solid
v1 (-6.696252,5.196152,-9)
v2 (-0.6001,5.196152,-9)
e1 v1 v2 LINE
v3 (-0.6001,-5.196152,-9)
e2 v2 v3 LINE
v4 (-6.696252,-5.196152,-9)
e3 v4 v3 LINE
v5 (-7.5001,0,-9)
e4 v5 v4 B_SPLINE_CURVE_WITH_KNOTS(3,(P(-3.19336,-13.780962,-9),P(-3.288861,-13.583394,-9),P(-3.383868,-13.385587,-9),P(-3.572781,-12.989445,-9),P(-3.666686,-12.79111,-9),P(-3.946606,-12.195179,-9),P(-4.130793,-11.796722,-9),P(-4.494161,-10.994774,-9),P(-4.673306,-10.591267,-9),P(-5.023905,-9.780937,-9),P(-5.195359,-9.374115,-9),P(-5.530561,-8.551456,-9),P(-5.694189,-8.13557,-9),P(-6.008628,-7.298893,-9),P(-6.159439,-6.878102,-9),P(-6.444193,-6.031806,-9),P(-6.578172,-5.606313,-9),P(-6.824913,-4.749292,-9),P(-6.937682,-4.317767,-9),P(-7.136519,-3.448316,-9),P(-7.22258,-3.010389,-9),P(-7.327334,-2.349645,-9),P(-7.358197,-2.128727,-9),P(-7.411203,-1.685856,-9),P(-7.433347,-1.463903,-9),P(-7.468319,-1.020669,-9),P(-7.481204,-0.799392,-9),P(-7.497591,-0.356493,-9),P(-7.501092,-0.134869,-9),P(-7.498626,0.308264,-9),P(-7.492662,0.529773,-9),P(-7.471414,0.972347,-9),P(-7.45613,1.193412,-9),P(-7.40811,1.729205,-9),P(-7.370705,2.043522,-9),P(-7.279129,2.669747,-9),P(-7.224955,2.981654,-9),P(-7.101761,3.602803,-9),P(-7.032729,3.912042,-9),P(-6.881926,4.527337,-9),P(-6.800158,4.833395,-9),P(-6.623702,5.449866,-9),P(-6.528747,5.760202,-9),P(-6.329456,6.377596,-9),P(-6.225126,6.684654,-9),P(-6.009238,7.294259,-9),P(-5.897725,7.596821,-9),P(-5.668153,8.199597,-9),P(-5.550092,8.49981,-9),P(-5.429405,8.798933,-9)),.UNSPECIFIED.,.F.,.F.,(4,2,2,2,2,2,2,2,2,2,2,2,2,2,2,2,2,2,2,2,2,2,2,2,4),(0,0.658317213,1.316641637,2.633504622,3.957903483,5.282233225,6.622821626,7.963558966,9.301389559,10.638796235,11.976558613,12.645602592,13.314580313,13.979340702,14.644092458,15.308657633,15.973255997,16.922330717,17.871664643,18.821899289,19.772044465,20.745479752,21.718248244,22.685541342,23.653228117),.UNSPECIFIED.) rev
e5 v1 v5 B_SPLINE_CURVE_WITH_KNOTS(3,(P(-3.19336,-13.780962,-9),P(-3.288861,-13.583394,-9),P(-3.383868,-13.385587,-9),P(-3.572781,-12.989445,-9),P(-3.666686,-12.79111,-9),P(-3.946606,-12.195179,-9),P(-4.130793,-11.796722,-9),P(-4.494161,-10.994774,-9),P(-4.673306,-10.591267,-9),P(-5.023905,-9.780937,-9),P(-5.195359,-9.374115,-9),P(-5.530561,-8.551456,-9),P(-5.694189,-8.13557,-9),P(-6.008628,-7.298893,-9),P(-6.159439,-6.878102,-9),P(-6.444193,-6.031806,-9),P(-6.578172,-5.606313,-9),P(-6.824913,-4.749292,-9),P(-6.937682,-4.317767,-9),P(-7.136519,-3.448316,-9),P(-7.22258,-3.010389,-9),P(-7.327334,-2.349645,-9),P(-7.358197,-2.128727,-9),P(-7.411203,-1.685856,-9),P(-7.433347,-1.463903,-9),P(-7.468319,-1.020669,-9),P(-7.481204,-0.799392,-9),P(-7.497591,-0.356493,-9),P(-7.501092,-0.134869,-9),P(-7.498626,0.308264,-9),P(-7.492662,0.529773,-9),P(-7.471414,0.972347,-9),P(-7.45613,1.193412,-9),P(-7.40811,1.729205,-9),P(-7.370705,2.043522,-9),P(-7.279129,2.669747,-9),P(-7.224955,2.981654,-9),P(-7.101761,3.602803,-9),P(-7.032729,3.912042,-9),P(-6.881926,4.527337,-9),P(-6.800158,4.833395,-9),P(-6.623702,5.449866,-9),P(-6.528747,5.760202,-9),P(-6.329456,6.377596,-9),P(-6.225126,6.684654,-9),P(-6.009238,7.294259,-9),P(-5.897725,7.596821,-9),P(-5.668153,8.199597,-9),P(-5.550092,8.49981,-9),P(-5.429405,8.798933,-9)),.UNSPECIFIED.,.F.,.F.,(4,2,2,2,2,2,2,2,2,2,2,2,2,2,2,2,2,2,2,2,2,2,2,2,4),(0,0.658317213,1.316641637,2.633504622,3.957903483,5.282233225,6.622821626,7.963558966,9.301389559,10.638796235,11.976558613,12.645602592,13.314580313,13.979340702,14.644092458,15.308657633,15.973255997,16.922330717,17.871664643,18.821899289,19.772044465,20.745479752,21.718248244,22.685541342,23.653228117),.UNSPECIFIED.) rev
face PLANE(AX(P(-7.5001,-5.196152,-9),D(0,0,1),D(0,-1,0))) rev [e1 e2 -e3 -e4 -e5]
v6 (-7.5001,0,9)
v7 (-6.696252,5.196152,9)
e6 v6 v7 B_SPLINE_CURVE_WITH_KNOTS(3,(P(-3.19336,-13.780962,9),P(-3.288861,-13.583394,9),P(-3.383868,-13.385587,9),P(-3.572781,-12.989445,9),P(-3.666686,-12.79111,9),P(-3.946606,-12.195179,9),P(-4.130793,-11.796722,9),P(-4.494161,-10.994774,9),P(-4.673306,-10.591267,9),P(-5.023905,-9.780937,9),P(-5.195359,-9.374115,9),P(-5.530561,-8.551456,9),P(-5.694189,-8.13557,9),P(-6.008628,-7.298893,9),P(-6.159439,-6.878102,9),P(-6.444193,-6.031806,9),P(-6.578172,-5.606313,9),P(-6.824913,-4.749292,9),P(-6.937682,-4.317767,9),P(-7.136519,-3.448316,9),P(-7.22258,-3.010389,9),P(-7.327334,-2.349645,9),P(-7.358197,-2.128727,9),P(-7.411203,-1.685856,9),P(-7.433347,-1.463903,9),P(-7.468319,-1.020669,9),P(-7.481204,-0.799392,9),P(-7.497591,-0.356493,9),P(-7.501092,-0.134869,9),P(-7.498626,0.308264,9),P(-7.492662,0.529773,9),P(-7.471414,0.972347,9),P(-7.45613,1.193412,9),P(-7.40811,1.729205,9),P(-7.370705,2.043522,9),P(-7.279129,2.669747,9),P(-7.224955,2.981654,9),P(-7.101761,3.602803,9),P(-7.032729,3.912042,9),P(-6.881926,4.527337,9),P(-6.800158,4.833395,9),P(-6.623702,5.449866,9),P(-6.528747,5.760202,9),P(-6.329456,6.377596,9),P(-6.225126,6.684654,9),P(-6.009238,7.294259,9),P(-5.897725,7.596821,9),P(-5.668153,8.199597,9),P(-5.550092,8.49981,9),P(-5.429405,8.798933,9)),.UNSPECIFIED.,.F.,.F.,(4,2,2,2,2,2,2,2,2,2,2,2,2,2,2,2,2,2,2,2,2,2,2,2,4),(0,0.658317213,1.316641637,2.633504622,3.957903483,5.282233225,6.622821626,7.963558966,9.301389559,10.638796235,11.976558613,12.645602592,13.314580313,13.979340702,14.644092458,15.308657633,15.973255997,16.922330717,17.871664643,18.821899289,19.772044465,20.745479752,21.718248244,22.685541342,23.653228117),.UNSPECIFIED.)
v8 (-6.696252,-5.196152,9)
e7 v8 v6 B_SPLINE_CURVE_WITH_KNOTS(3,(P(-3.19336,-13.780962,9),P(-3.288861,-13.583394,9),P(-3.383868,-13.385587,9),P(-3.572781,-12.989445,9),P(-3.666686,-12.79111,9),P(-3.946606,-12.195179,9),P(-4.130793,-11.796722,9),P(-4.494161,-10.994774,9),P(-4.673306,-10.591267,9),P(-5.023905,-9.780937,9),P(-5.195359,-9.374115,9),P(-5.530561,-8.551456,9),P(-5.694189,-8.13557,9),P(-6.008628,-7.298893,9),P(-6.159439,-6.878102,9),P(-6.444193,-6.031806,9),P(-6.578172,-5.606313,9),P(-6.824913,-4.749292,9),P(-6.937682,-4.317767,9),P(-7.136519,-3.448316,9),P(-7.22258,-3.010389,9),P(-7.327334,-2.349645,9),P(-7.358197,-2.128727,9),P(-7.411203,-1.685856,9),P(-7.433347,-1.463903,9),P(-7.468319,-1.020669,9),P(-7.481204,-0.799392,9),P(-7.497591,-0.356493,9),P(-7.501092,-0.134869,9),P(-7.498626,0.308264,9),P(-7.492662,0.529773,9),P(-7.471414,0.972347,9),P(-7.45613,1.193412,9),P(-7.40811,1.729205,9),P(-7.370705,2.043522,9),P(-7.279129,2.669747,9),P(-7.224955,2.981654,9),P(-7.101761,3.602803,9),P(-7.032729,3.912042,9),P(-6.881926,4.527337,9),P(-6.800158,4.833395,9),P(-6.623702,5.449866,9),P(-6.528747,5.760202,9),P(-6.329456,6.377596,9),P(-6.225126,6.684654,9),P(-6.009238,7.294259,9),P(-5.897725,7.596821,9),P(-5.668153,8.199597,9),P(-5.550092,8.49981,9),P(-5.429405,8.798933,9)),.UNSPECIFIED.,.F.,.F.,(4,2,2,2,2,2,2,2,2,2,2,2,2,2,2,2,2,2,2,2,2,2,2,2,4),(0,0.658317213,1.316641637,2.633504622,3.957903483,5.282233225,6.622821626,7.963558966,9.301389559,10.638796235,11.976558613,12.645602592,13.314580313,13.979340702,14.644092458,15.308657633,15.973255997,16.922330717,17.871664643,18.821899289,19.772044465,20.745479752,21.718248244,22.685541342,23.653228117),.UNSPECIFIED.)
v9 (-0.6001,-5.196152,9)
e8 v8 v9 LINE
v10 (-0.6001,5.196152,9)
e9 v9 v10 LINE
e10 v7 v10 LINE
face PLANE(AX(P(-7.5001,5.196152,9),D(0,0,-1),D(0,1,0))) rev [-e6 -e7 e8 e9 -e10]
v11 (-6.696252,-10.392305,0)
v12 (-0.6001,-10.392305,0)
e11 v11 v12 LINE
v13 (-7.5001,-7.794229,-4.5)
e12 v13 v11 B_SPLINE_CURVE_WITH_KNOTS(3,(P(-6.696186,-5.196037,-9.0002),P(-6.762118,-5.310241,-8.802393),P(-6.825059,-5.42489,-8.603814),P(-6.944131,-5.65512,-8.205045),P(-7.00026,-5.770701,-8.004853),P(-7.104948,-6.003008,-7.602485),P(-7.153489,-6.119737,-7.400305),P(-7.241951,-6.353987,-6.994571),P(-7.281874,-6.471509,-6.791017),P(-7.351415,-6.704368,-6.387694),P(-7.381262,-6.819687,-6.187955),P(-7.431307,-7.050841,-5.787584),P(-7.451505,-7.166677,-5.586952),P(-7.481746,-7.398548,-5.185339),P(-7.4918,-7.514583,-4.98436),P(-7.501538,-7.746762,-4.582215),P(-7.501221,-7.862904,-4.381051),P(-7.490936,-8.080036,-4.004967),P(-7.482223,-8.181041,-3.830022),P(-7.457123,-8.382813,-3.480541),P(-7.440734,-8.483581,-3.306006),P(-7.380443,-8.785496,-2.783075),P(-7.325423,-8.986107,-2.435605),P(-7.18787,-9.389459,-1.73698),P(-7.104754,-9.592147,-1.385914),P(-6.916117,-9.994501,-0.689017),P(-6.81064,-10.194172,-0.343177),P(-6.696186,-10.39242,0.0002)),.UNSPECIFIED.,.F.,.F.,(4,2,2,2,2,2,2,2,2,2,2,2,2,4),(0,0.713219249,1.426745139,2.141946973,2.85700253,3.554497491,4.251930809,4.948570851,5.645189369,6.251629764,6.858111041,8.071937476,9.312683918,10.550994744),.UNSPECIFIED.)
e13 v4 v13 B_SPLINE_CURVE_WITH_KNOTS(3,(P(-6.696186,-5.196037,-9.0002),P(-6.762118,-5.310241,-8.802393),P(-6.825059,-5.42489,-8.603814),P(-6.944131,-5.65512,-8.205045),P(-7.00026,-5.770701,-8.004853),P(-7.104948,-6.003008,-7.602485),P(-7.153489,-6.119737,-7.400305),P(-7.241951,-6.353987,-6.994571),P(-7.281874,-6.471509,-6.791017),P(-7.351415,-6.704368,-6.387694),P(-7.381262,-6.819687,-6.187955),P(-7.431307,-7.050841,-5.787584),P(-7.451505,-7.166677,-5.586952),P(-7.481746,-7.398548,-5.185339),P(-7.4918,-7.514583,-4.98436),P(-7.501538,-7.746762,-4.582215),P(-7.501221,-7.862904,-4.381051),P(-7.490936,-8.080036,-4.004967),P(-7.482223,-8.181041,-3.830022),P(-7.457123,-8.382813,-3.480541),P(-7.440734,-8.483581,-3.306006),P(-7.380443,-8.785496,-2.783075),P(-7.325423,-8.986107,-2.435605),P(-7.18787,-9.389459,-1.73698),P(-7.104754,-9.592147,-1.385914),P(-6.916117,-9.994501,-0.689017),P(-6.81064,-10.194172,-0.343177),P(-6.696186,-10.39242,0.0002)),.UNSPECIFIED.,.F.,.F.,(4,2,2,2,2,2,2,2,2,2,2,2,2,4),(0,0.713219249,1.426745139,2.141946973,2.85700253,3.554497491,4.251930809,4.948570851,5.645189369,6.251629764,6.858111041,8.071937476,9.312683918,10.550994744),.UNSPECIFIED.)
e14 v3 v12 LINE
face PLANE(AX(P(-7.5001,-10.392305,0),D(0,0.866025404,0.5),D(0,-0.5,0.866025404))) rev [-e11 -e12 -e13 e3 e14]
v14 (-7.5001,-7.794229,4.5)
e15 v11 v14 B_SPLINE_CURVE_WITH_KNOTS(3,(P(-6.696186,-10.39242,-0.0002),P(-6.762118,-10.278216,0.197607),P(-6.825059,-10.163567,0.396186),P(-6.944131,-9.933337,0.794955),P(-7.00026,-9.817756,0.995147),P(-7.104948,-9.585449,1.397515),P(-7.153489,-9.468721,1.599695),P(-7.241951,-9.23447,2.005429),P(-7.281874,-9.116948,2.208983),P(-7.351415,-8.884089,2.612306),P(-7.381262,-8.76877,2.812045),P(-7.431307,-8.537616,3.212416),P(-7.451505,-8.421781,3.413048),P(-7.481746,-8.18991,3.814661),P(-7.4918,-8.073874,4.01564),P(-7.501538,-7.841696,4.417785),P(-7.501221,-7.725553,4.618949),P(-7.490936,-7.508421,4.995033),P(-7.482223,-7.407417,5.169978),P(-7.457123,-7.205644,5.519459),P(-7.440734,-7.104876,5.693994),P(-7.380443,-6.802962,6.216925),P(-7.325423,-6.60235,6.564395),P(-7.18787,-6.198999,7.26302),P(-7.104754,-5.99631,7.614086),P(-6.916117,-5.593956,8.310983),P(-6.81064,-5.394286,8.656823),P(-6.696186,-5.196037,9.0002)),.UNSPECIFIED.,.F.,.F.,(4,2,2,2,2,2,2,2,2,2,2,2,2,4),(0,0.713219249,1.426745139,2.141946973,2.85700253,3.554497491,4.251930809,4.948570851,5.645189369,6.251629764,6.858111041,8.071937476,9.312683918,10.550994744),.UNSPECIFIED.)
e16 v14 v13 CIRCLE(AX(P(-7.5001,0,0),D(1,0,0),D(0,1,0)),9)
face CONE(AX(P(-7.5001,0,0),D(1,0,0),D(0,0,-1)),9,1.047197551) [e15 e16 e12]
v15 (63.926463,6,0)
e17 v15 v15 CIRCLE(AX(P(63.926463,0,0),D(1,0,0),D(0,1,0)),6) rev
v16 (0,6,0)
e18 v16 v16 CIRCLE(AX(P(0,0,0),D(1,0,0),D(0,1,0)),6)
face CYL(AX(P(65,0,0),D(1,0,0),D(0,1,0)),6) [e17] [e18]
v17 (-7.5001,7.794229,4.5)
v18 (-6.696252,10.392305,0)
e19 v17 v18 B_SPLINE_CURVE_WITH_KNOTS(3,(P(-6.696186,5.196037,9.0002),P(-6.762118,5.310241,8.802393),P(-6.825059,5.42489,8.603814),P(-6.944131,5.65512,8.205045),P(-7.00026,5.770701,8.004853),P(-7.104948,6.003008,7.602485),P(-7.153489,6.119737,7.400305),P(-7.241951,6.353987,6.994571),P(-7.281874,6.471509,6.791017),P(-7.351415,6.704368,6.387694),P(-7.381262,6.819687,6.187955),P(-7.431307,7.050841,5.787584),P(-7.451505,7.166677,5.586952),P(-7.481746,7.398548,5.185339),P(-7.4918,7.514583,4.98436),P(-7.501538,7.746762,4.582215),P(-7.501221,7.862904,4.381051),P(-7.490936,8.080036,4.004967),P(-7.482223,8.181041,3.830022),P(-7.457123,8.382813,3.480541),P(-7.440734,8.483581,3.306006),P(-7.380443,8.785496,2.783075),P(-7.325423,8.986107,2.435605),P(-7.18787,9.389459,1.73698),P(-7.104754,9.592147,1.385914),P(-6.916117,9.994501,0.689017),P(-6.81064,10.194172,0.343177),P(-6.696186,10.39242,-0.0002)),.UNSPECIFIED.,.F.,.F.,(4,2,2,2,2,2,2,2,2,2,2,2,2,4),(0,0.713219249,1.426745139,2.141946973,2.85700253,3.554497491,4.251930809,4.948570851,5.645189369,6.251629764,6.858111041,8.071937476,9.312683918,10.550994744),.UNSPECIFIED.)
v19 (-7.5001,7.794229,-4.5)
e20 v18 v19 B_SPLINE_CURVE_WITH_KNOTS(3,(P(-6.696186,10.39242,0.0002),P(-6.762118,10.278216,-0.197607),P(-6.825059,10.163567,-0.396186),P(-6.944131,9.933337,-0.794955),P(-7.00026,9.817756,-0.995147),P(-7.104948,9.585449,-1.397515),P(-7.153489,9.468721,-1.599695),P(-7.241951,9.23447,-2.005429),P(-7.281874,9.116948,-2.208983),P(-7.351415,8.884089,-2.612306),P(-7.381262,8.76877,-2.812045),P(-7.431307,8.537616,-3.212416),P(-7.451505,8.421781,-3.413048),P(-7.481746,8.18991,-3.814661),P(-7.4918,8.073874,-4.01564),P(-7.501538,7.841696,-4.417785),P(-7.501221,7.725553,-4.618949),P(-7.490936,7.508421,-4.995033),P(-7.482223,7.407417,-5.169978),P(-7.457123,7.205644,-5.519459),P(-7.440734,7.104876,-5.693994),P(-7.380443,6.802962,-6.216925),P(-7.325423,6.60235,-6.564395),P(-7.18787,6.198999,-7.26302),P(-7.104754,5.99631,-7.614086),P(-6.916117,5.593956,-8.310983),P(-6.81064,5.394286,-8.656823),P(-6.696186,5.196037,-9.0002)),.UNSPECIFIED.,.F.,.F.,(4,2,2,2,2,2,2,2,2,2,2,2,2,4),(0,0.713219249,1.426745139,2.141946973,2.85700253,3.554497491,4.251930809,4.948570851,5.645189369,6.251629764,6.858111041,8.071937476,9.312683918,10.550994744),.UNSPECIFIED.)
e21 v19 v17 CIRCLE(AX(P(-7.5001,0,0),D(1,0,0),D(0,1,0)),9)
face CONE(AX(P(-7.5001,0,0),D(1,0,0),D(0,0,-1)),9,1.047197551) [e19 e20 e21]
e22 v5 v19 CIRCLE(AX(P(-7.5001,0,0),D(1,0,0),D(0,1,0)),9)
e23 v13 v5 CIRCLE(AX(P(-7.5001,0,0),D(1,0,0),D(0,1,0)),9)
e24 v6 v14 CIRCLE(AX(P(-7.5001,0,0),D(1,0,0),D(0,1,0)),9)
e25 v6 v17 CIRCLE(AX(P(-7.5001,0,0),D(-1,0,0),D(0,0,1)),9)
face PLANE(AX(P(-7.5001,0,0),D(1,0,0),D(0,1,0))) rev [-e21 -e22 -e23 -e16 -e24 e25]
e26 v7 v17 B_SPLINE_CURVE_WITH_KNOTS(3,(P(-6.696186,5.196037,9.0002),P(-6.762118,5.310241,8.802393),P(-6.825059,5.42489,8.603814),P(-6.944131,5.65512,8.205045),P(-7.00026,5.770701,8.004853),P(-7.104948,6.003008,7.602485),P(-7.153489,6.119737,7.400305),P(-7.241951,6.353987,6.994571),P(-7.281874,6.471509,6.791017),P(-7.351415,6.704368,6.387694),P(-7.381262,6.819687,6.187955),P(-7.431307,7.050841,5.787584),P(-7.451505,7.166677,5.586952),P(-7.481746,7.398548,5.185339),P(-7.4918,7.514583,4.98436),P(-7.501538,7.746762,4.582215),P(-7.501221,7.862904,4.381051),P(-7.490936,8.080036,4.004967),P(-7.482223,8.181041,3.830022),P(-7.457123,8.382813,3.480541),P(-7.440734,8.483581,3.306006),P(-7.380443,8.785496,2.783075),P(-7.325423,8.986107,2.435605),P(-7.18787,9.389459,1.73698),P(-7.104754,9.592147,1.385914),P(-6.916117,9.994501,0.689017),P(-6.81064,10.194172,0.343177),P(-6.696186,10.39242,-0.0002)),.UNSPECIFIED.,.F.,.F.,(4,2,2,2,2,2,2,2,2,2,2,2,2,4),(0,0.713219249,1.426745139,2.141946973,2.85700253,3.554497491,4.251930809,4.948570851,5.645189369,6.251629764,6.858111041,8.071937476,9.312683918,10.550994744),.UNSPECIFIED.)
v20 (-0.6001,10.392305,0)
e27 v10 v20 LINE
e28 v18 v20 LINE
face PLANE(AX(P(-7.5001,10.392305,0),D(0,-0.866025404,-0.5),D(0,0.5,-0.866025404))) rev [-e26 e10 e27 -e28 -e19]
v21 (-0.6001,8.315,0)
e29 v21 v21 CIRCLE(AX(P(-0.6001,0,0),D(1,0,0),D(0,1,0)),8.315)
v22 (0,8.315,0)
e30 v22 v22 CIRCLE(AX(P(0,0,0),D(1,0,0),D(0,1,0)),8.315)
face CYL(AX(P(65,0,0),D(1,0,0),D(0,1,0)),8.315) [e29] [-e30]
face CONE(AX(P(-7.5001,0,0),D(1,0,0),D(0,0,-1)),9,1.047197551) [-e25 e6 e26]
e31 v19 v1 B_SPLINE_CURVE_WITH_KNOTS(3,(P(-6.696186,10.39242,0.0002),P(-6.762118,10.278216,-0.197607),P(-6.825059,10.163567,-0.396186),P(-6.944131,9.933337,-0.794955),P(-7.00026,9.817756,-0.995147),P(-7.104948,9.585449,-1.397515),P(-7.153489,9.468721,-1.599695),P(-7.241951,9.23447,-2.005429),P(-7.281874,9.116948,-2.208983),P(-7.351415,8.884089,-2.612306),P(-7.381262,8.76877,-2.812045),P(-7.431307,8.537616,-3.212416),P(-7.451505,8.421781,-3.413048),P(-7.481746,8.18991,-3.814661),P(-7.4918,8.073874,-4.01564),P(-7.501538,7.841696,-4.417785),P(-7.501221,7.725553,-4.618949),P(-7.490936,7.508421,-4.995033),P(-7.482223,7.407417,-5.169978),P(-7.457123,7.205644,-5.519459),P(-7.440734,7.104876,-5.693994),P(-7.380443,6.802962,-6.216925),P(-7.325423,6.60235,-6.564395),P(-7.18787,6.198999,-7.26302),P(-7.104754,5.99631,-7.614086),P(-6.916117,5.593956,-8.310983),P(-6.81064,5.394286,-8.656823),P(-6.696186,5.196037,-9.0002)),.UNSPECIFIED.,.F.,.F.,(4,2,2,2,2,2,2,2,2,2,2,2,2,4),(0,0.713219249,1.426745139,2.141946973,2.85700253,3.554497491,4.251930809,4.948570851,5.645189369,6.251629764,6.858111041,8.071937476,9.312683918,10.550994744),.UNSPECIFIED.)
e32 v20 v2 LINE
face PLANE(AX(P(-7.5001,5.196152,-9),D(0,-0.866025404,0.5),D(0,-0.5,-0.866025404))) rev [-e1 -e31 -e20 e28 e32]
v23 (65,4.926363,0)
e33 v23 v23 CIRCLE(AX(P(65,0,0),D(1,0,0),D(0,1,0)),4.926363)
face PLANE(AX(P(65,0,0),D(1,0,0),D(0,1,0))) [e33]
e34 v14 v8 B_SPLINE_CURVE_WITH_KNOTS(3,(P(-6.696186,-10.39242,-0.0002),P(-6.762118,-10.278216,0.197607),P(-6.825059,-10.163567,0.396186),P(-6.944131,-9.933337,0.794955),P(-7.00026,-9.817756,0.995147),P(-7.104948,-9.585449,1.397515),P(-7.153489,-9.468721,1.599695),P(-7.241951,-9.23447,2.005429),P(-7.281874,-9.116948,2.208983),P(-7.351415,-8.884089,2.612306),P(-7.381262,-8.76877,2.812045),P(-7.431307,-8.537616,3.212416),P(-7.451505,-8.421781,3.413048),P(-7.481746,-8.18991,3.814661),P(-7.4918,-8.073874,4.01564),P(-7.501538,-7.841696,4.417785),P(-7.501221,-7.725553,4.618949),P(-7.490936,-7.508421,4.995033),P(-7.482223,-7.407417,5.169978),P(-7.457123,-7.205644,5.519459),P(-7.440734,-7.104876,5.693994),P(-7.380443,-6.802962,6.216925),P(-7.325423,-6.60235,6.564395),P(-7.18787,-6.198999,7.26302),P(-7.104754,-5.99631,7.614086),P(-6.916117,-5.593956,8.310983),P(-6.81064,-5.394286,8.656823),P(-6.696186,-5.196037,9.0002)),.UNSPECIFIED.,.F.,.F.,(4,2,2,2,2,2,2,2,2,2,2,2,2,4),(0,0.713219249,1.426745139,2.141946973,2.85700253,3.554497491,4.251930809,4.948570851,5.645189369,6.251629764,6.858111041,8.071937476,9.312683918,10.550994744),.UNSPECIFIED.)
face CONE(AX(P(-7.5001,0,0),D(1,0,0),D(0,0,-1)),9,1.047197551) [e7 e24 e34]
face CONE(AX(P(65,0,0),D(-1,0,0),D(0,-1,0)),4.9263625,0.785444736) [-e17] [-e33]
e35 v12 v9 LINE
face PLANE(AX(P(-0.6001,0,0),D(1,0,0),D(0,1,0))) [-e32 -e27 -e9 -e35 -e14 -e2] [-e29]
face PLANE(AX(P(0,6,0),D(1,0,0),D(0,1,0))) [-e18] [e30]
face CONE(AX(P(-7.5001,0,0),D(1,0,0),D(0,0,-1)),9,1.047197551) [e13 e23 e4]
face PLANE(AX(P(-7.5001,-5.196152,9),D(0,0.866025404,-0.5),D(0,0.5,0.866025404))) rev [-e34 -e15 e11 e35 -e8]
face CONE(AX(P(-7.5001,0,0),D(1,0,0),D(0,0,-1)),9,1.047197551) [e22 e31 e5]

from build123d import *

# Parameters (mm, degrees)
EXTRUDE_559_DEPTH = 6.9
CHAMFER_2_SIZE    = 1.0735375
CHAMFER_2_SIZE2   = 1.0736375


with BuildPart() as part:
    # 草圖1 → Revolve 409 (revolve)
    with BuildSketch(Plane.XY):
        Polygon((-0.6001, 0), (65, 0), (65, 6), (35, 6), (33.9263625, 6), (0, 6), (0, 8.315), (-0.6001, 8.315), align=None)
    revolve(axis=Axis((65, 0, 0), (-1, 0, 0)))

    # 草圖2 → Extrude 559 (add)
    with BuildSketch(Plane.ZY.offset(0.6001)):
        Polygon((0, 10.392304845), (9, 5.196152423), (9, -5.196152423), (0, -10.392304845), (-9, -5.196152423), (-9, 5.196152423), align=None)
    extrude(amount=EXTRUDE_559_DEPTH)

    # 草圖3 → Cut-Revolve 680 (revolve, cut)
    with BuildSketch(Plane.XY):
        Polygon((-7.5001, 9), (-7.5001, 10.392304845), (-6.696252423, 10.392304845), align=None)
    revolve(axis=Axis((-8.8801, 0, 0), (1, 0, 0)), mode=Mode.SUBTRACT)

    # 倒角2
    chamfer_2_edges = [part.edges().sort_by_distance(p)[0] for p in [
        (65, -6, 0),
    ]]
    chamfer_2_side = [part.faces().sort_by_distance(p)[0] for p in [
        (32.5, -6, 0),
    ]]
    chamfer(chamfer_2_edges, length=CHAMFER_2_SIZE, length2=CHAMFER_2_SIZE2, reference=chamfer_2_side[0])


solid = part.part
